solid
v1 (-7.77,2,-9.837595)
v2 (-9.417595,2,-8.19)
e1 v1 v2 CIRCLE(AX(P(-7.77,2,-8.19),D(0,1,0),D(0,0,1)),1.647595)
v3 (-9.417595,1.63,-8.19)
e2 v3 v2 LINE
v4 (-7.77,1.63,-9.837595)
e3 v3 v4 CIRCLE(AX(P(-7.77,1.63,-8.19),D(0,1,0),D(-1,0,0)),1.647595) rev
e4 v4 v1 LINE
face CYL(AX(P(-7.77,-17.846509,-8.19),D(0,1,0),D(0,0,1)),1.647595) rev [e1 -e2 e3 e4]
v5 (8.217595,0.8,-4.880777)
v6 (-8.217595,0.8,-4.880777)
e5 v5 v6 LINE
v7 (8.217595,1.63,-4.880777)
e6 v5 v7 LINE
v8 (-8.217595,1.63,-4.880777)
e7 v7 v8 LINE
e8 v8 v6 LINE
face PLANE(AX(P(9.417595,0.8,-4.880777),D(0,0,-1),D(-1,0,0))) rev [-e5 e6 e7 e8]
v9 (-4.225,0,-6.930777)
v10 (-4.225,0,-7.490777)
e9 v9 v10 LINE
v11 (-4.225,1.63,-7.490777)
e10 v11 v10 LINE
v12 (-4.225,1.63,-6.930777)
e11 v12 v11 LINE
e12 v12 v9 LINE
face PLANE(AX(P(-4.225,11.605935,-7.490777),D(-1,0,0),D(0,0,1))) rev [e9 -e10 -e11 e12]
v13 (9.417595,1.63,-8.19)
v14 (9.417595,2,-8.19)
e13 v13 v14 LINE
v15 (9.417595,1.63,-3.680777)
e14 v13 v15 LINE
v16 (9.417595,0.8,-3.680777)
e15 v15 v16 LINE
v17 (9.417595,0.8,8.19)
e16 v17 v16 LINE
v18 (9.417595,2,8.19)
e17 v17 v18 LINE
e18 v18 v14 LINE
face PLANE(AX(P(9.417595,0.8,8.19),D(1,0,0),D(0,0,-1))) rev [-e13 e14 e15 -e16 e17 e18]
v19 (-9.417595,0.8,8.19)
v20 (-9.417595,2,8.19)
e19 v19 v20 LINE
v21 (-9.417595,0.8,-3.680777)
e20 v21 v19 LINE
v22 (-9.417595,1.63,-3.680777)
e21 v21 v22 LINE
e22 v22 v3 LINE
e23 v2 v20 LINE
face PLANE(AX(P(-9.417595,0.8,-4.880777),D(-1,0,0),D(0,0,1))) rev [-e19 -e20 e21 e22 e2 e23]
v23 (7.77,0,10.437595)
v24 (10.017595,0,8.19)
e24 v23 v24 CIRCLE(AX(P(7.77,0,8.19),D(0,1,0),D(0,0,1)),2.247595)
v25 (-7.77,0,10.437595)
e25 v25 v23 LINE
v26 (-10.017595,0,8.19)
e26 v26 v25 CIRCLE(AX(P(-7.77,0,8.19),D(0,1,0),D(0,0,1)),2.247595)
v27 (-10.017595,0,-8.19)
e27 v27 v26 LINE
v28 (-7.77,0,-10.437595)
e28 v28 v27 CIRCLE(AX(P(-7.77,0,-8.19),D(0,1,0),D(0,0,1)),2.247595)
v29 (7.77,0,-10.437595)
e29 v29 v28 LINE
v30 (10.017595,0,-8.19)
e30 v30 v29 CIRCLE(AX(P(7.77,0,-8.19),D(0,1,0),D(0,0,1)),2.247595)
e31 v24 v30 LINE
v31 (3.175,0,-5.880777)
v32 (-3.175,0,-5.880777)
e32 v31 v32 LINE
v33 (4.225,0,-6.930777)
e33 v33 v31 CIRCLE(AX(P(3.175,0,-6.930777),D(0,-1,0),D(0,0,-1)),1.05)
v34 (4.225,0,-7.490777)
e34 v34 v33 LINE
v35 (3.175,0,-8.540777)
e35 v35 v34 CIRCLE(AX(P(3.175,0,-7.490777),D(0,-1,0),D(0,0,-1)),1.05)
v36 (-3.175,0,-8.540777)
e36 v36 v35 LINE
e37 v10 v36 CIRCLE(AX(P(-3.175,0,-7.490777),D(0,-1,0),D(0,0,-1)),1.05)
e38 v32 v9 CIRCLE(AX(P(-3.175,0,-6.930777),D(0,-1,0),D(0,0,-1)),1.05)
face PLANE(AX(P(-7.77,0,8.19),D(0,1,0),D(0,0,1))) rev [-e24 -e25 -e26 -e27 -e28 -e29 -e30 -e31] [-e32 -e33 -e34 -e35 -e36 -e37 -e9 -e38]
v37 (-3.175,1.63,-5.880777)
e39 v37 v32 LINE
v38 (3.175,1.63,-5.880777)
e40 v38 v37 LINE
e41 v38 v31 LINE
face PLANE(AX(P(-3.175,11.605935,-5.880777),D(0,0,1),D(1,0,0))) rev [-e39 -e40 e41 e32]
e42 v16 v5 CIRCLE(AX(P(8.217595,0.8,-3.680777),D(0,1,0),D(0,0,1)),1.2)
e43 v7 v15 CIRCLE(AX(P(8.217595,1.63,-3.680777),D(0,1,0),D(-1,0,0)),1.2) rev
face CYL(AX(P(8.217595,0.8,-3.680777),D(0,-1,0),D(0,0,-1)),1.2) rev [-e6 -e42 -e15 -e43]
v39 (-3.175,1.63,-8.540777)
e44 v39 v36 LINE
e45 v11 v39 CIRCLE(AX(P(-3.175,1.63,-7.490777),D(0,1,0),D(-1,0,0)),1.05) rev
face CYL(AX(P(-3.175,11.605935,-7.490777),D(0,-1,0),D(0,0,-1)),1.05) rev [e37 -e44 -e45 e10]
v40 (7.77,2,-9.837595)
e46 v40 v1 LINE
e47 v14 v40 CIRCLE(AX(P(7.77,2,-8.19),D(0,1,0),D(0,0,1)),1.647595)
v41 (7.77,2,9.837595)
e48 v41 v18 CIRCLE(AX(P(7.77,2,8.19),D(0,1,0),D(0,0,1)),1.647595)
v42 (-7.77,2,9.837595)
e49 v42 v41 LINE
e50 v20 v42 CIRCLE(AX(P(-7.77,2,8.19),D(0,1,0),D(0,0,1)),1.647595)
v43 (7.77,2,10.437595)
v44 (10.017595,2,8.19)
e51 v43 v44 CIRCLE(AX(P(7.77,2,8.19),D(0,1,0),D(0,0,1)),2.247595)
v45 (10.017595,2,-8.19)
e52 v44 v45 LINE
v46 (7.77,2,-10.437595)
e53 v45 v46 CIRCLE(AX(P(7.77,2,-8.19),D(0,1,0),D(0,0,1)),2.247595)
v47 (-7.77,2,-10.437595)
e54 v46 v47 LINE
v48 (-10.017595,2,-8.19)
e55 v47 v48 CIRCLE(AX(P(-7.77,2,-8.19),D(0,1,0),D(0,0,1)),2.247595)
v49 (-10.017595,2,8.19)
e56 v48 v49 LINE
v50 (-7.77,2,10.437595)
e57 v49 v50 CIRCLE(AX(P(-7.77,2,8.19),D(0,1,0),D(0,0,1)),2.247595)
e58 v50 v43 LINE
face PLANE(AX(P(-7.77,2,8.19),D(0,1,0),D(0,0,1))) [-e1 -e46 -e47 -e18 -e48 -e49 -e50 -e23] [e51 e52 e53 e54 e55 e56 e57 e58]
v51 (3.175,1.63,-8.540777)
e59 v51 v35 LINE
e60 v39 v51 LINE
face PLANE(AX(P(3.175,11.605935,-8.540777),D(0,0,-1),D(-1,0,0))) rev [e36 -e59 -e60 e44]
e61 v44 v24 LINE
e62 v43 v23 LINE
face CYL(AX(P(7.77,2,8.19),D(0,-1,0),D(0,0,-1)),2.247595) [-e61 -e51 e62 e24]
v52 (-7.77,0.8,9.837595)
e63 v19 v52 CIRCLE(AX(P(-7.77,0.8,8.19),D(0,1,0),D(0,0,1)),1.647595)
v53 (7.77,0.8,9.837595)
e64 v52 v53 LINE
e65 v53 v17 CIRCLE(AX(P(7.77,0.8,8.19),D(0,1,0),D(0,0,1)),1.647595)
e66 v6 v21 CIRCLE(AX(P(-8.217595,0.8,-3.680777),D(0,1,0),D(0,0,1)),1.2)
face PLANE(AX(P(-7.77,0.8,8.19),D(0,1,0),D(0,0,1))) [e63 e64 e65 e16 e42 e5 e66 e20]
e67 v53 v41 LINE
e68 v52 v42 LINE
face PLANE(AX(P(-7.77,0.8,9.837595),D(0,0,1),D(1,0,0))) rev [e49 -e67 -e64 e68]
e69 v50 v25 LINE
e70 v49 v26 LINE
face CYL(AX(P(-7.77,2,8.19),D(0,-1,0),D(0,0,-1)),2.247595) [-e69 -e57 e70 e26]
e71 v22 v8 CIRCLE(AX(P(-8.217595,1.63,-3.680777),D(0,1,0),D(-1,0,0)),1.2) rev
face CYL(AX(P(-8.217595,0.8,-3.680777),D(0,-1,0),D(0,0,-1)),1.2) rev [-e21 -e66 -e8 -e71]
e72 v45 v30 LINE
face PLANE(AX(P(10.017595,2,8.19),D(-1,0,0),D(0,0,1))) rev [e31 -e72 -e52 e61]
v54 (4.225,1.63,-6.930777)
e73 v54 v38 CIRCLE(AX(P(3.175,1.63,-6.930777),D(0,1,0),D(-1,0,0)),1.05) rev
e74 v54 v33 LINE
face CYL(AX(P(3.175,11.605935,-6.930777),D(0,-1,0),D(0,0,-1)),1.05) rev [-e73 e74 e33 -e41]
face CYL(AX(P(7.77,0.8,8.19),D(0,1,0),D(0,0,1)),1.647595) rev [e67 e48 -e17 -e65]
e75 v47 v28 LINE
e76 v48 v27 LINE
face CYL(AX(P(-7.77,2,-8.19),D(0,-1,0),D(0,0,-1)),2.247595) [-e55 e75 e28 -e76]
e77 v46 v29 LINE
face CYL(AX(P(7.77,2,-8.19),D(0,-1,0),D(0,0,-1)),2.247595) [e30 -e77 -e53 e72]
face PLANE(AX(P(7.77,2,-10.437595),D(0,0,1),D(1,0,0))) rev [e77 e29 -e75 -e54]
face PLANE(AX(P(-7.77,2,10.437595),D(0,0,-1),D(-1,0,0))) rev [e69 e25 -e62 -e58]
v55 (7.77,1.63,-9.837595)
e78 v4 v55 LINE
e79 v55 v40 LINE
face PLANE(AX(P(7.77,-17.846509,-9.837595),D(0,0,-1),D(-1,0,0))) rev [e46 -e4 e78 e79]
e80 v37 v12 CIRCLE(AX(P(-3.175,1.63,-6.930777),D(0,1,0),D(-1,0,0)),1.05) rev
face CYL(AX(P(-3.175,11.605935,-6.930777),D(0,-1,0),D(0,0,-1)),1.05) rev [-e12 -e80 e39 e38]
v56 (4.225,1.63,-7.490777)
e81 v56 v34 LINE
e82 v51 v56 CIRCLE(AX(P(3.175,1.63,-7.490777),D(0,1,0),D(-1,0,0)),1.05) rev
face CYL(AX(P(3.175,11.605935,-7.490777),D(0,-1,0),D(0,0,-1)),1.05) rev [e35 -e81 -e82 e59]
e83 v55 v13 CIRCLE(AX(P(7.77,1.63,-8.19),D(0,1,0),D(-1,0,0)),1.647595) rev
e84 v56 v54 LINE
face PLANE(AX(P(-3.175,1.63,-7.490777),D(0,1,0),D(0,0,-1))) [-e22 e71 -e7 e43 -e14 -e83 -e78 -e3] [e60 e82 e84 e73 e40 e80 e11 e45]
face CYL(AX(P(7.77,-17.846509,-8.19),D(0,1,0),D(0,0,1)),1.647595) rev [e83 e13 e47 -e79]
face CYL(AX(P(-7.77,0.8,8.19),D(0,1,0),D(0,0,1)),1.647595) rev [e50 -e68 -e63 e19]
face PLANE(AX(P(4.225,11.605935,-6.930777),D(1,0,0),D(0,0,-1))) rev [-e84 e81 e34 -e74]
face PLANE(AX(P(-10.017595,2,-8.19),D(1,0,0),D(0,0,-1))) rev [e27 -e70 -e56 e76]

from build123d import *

# Parameters (mm, degrees)
EXTRUDE_1_DEPTH     = 2
CUT_EXTRUDE_1_DEPTH = 15.604642381
EXTRUDE_START       = -1.63
EXTRUDE_2_DEPTH     = 1.63
CUT_EXTRUDE_2_DEPTH = 1.2
CUT_EXTRUDE_3_DEPTH = 0.37
FILLET_3_R          = 1.2


with BuildPart() as part:
    # 草图1 → 凸台-拉伸1 (new body)
    with BuildSketch(Plane(origin=(0, 0, 0), x_dir=(-1, 0, 0), z_dir=(0, 1, 0))):
        with BuildLine():
            Line((7.77, 10.437594514), (-7.77, 10.437594514))
            ThreePointArc((-7.77, 10.437594514), (-9.359289322, 9.779289322), (-10.017594514, 8.19))
            Line((-10.017594514, 8.19), (-10.017594514, -8.19))
            ThreePointArc((-10.017594514, -8.19), (-9.359289322, -9.779289322), (-7.77, -10.437594514))
            Line((-7.77, -10.437594514), (7.77, -10.437594514))
            ThreePointArc((7.77, -10.437594514), (9.359289322, -9.779289322), (10.017594514, -8.19))
            Line((10.017594514, -8.19), (10.017594514, 8.19))
            ThreePointArc((10.017594514, 8.19), (9.359289322, 9.779289322), (7.77, 10.437594514))
        make_face()
    extrude(amount=EXTRUDE_1_DEPTH)

    # 草图3 → 切除-拉伸1 (cut, through all)
    with BuildSketch(Plane(origin=(0, 2, 0), x_dir=(1, 0, 0), z_dir=(0, 1, 0))):
        with BuildLine():
            Line((3.175, 8.940777212), (-3.175, 8.940777212))
            ThreePointArc((-3.175, 8.940777212), (-4.200304833, 8.516082045), (-4.625, 7.490777212))
            Line((-4.625, 7.490777212), (-4.625, 6.930777212))
            ThreePointArc((-4.625, 6.930777212), (-4.200304833, 5.90547238), (-3.175, 5.480777212))
            Line((-3.175, 5.480777212), (3.175, 5.480777212))
            ThreePointArc((3.175, 5.480777212), (4.200304833, 5.90547238), (4.625, 6.930777212))
            Line((4.625, 6.930777212), (4.625, 7.490777212))
            ThreePointArc((4.625, 7.490777212), (4.200304833, 8.516082045), (3.175, 8.940777212))
        make_face()
    extrude(amount=-CUT_EXTRUDE_1_DEPTH, mode=Mode.SUBTRACT)

    # 草图4 → 凸台-拉伸2 (add)
    with BuildSketch(Plane.XZ.offset(EXTRUDE_START)):
        with BuildLine():
            Line((-4.625, -7.490777212), (-4.625, -6.930777212))
            ThreePointArc((-4.625, -6.930777212), (-4.200304833, -5.90547238), (-3.175, -5.480777212))
            Line((-3.175, -5.480777212), (3.175, -5.480777212))
            ThreePointArc((3.175, -5.480777212), (4.200304833, -5.90547238), (4.625, -6.930777212))
            Line((4.625, -6.930777212), (4.625, -7.490777212))
            ThreePointArc((4.625, -7.490777212), (4.200304833, -8.516082045), (3.175, -8.940777212))
            Line((3.175, -8.940777212), (-3.175, -8.940777212))
            ThreePointArc((-3.175, -8.940777212), (-4.200304833, -8.516082045), (-4.625, -7.490777212))
        make_face()
        with BuildLine():
            Line((3.175, -8.540777212), (-3.175, -8.540777212))
            ThreePointArc((-3.175, -8.540777212), (-3.91746212, -8.233239333), (-4.225, -7.490777212))
            Line((-4.225, -7.490777212), (-4.225, -6.930777212))
            ThreePointArc((-4.225, -6.930777212), (-3.91746212, -6.188315092), (-3.175, -5.880777212))
            Line((-3.175, -5.880777212), (3.175, -5.880777212))
            ThreePointArc((3.175, -5.880777212), (3.91746212, -6.188315092), (4.225, -6.930777212))
            Line((4.225, -6.930777212), (4.225, -7.490777212))
            ThreePointArc((4.225, -7.490777212), (3.91746212, -8.233239333), (3.175, -8.540777212))
        make_face(mode=Mode.SUBTRACT)
    extrude(amount=EXTRUDE_2_DEPTH)

    # 草图5 → 切除-拉伸2 (cut)
    with BuildSketch(Plane(origin=(0, 2, 0), x_dir=(1, 0, 0), z_dir=(0, 1, 0))):
        with BuildLine():
            Line((9.417594514, 4.880777212), (-9.417594514, 4.880777212))
            Line((-9.417594514, 4.880777212), (-9.417594514, -8.19))
            ThreePointArc((-9.417594514, -8.19), (-8.935025253, -9.355025253), (-7.77, -9.837594514))
            Line((-7.77, -9.837594514), (7.77, -9.837594514))
            ThreePointArc((7.77, -9.837594514), (8.935025253, -9.355025253), (9.417594514, -8.19))
            Line((9.417594514, -8.19), (9.417594514, 4.880777212))
        make_face()
    extrude(amount=-CUT_EXTRUDE_2_DEPTH, mode=Mode.SUBTRACT)

    # 草图7 → 切除-拉伸3 (cut)
    with BuildSketch(Plane(origin=(0, 2, 0), x_dir=(1, 0, 0), z_dir=(0, 1, 0))):
        with BuildLine():
            Line((9.417594514, 8.19), (9.417594514, 4.880777212))
            Line((9.417594514, 4.880777212), (-9.417594514, 4.880777212))
            Line((-9.417594514, 4.880777212), (-9.417594514, 8.19))
            ThreePointArc((-9.417594514, 8.19), (-8.935025253, 9.355025253), (-7.77, 9.837594514))
            Line((-7.77, 9.837594514), (7.77, 9.837594514))
            ThreePointArc((7.77, 9.837594514), (8.935025253, 9.355025253), (9.417594514, 8.19))
        make_face()
    extrude(amount=-CUT_EXTRUDE_3_DEPTH, mode=Mode.SUBTRACT)

    # 圆角3
    fillet_3_edges = [part.edges().sort_by_distance(p)[0] for p in [
        (9.417594514, 1.215, -4.880777212),
        (-9.417594514, 1.215, -4.880777212),
    ]]
    fillet(fillet_3_edges, radius=FILLET_3_R)


solid = part.part
